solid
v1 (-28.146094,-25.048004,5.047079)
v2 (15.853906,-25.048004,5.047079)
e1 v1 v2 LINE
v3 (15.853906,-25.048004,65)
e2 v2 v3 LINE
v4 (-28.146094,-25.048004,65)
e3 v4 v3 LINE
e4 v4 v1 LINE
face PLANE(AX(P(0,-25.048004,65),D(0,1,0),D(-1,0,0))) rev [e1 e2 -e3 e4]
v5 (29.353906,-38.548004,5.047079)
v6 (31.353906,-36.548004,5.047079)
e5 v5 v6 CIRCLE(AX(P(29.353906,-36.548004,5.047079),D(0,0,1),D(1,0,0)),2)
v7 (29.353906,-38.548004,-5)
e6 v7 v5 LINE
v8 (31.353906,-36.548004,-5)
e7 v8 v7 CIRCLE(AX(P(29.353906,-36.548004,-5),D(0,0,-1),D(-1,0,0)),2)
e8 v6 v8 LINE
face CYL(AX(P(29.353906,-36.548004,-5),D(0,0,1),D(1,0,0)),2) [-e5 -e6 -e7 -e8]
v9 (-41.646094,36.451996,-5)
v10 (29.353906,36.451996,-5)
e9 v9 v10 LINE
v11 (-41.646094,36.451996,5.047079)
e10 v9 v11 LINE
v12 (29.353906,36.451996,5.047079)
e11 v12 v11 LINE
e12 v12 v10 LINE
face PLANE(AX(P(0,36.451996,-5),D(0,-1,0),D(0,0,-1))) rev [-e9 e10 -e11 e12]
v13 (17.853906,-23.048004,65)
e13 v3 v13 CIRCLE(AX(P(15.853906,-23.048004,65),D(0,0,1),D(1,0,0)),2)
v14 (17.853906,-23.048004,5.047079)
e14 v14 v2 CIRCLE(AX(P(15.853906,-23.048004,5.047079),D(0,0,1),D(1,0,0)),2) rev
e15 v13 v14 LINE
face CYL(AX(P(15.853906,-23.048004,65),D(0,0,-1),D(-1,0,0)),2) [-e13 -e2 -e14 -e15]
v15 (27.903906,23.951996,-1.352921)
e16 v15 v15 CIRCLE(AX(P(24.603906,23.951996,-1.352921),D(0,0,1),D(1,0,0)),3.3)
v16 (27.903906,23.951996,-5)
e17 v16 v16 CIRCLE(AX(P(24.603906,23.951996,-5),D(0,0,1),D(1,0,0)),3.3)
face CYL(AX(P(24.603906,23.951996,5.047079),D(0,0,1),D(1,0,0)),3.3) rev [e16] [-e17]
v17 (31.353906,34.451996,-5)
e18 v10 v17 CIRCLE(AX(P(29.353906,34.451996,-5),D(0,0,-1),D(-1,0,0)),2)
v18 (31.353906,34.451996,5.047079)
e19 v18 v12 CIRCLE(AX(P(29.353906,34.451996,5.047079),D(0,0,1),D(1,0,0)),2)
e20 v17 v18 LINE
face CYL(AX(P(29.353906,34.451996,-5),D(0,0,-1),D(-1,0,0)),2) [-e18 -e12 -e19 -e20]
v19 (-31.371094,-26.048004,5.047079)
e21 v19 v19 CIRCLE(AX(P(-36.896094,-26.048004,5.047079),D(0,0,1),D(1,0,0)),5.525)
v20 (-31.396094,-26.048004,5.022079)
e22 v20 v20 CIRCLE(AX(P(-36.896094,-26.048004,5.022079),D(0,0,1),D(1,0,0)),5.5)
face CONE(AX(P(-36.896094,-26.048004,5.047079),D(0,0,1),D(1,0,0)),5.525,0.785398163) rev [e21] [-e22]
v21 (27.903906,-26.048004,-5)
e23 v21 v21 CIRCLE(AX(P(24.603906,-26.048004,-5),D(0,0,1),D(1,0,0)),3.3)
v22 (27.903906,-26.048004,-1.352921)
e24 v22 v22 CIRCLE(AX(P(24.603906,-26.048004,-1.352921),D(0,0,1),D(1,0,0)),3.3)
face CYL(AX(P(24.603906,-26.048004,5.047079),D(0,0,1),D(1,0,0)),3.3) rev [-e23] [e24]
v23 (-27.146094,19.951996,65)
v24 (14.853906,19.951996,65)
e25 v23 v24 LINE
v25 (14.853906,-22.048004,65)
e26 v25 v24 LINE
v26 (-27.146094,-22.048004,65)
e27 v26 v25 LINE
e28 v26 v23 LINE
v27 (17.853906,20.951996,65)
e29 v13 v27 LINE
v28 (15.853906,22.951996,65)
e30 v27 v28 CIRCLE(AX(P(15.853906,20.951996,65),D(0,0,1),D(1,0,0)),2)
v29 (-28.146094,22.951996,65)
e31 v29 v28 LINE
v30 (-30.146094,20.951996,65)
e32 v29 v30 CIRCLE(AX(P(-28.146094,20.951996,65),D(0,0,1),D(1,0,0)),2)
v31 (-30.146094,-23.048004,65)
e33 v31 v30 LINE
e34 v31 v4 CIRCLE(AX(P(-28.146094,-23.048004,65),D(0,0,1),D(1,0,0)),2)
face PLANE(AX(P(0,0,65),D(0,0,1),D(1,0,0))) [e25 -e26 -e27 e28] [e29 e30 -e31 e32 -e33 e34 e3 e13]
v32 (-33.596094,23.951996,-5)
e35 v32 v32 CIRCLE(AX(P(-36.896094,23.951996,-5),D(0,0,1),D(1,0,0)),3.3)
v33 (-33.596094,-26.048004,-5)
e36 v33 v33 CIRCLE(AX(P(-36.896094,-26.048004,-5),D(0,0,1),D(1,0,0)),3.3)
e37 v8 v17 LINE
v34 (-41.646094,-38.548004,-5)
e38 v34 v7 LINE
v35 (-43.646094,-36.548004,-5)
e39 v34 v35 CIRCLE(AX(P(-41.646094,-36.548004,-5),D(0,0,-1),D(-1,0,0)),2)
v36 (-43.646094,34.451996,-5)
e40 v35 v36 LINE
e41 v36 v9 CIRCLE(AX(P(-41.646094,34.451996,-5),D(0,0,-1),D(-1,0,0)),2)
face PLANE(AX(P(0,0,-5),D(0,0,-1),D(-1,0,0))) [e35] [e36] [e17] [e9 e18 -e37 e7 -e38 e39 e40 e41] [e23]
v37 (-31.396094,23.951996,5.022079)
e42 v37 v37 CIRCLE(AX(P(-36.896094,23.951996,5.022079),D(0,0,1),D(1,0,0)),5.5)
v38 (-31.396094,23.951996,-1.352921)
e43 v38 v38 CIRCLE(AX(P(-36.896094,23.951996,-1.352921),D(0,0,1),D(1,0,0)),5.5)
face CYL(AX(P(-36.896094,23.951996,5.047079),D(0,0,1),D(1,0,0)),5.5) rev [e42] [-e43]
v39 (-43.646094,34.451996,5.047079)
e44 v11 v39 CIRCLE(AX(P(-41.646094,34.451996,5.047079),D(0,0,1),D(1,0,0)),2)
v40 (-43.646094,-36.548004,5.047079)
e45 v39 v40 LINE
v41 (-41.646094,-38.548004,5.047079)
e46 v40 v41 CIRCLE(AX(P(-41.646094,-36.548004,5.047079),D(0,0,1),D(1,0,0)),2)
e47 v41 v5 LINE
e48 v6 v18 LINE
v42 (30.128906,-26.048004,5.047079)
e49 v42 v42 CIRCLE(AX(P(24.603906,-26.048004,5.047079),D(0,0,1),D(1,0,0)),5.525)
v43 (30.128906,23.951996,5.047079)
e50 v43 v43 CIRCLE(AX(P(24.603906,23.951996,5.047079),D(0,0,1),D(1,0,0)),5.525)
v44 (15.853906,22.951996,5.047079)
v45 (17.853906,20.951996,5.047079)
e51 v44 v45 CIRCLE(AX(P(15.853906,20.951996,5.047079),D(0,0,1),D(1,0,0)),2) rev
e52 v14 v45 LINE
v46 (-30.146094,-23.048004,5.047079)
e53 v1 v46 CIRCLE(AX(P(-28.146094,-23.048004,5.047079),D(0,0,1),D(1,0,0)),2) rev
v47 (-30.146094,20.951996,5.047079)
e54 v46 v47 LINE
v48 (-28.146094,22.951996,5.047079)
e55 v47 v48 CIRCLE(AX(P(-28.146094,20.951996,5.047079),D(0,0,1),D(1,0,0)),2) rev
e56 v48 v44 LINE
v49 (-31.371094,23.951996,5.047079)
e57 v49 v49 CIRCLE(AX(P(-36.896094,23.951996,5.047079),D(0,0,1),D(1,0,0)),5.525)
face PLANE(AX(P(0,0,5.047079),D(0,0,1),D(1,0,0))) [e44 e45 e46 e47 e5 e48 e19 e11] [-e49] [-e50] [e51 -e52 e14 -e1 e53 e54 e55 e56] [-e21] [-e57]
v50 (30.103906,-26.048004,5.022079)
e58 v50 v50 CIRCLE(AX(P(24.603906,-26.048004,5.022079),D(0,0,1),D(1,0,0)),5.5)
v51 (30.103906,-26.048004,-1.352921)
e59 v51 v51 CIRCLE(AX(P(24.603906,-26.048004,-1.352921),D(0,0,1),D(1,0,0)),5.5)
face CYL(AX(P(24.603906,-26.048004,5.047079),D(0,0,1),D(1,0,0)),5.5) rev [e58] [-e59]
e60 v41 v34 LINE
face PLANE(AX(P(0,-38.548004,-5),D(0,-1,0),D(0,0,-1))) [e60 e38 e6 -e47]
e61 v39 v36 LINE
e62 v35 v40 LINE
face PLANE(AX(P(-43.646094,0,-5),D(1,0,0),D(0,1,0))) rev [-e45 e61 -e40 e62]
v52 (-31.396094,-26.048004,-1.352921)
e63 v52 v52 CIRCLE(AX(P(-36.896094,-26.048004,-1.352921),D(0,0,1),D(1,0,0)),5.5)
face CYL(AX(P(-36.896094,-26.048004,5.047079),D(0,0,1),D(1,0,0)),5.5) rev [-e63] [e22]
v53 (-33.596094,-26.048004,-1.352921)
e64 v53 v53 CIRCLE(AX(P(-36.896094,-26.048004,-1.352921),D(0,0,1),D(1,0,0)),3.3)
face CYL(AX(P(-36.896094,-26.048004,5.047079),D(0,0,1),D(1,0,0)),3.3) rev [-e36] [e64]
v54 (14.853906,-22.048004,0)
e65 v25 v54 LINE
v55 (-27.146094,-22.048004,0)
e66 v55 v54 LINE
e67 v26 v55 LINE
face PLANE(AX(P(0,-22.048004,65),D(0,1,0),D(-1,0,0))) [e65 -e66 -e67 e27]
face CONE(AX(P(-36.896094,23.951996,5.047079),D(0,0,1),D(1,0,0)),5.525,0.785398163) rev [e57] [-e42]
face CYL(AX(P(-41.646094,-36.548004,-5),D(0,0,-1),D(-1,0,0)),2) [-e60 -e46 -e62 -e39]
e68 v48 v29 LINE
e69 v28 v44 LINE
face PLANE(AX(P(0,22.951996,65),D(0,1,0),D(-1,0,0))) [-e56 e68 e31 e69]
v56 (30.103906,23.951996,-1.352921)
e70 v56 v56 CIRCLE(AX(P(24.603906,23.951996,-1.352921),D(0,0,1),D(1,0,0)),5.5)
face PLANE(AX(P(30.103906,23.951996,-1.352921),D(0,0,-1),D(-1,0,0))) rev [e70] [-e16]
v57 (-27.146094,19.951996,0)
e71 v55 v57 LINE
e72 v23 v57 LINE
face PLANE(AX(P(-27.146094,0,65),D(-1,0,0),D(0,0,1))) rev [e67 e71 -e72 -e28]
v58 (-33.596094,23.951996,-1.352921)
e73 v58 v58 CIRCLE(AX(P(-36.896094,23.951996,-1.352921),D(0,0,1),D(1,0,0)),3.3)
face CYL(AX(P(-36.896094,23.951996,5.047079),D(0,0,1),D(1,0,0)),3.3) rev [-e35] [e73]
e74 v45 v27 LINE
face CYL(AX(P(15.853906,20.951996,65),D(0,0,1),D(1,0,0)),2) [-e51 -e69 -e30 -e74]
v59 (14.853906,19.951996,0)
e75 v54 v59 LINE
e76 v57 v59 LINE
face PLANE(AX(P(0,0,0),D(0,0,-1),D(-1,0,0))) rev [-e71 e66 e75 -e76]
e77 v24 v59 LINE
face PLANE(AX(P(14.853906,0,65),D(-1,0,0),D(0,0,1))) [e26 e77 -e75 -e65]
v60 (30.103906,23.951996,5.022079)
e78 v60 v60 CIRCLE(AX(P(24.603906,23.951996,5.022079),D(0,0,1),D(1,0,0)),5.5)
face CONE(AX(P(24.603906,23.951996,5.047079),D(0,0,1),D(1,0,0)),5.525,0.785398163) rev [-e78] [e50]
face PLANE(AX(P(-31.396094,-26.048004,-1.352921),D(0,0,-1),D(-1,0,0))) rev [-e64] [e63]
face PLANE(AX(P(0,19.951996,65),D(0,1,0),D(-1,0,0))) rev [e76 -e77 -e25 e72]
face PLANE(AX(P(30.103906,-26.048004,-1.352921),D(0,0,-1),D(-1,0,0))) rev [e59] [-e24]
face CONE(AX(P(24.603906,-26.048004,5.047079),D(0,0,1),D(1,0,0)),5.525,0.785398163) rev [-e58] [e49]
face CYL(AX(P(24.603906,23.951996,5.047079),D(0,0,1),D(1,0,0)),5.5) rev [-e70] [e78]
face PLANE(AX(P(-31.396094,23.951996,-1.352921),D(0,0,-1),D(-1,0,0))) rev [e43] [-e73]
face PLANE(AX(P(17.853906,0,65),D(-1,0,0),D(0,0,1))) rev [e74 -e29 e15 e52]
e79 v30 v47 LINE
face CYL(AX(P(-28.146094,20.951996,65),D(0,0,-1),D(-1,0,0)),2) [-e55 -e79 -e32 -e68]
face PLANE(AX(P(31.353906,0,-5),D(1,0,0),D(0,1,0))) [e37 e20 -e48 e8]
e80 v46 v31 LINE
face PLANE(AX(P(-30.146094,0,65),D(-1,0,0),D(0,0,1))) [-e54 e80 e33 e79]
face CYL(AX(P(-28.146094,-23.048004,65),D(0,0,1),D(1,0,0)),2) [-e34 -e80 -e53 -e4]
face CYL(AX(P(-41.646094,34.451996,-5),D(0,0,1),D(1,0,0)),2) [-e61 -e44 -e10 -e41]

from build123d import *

# Parameters (mm, degrees)
SKETCH1_W                                    = 48
SKETCH1_H                                    = 48
SKETCH1_W_2                                  = 42
SKETCH1_H_2                                  = 42
BOSS_EXTRUDE1_DEPTH                          = 65
SKETCH3_W                                    = 75
SKETCH3_H                                    = 75
BOSS_EXTRUDE2_DEPTH                          = 5
SKETCH8_W                                    = 75
SKETCH8_H                                    = 75
SKETCH8_W_2                                  = 42
SKETCH8_H_2                                  = 42
BOSS_EXTRUDE3_DEPTH                          = 5.047079132
FILLET1_R                                    = 2
CBORE_FOR_M6_HEX_SOCKET_HEAD_CAP_SCR_2_COUNT = 2
CBORE_FOR_M6_HEX_SOCKET_HEAD_CAP_SCR_2_PITCH = 50
CBORE_FOR_M6_HEX_SOCKET_HEAD_CAP_SCR_3_COUNT = 2
CBORE_FOR_M6_HEX_SOCKET_HEAD_CAP_SCR_3_PITCH = 61.5
CBORE_FOR_M6_HEX_SOCKET_HEAD_CAP_SCR_4_COUNT = 2
CBORE_FOR_M6_HEX_SOCKET_HEAD_CAP_SCR_4_PITCH = 79.260645973


with BuildPart() as part:
    # Sketch1 → Boss-Extrude1 (new body)
    with BuildSketch(Plane(origin=(0, 0, 0), x_dir=(0, 1, 0), z_dir=(0, 0, 1))):
        with Locations((-1.048003873, 6.146094376)):
            Rectangle(SKETCH1_W, SKETCH1_H)
        with Locations((-1.048003873, 6.146094376)):
            Rectangle(SKETCH1_W_2, SKETCH1_H_2, mode=Mode.SUBTRACT)
    extrude(amount=BOSS_EXTRUDE1_DEPTH)

    # Sketch3 → Boss-Extrude2 (add)
    with BuildSketch(Plane(origin=(0, 0, 0), x_dir=(1, 0, 0), z_dir=(0, 0, -1))):
        with Locations((-6.146094376, 1.048003873)):
            Rectangle(SKETCH3_W, SKETCH3_H)
    extrude(amount=BOSS_EXTRUDE2_DEPTH)

    # Sketch8 → Boss-Extrude3 (add)
    with BuildSketch(Plane.XY):
        with Locations((-6.146094376, -1.048003873)):
            Rectangle(SKETCH8_W, SKETCH8_H)
        with Locations((-6.146094376, -1.048003873)):
            Rectangle(SKETCH8_W_2, SKETCH8_H_2, mode=Mode.SUBTRACT)
    extrude(amount=BOSS_EXTRUDE3_DEPTH)

    # Fillet1
    fillet1_edges = [part.edges().sort_by_distance(p)[0] for p in [
        (17.853905624, 22.951996127, 35.023539566),
        (17.853905624, -25.048003873, 35.023539566),
        (-30.146094376, -25.048003873, 35.023539566),
        (-30.146094376, 22.951996127, 35.023539566),
        (-43.646094376, -38.548003873, 0.023539566),
        (31.353905624, -38.548003873, 0.023539566),
        (31.353905624, 36.451996127, 0.023539566),
        (-43.646094376, 36.451996127, 0.023539566),
    ]]
    fillet(fillet1_edges, radius=FILLET1_R)

    # Sketch15 → CBORE for M6 Hex Socket Head Cap Screw2 (revolve, cut)
    with BuildSketch(Plane(origin=(-36.896094376, 23.951996127, 5.047079132), x_dir=(0, -1, 0), z_dir=(1, 0, 0))):
        Polygon((0, 0), (0, 10.047079132), (3.3, 10.047079132), (3.3, 6.4), (5.5, 6.4), (5.5, 0.025), (5.525, 0), align=None)
    cbore_for_m6_hex_socket_head_cap_screw2 = revolve(axis=Axis((-36.896094376, 23.951996127, 11.397079132), (0, 0, -1)), mode=Mode.SUBTRACT)

    # CBORE for M6 Hex Socket Head Cap Scr 2: CBORE for M6 Hex Socket Head Cap Screw2 ×2
    with Locations(*[(0, -i * CBORE_FOR_M6_HEX_SOCKET_HEAD_CAP_SCR_2_PITCH, 0) for i in range(1, CBORE_FOR_M6_HEX_SOCKET_HEAD_CAP_SCR_2_COUNT)]):
        add(cbore_for_m6_hex_socket_head_cap_screw2, mode=Mode.SUBTRACT)

    # CBORE for M6 Hex Socket Head Cap Scr 3: CBORE for M6 Hex Socket Head Cap Screw2 ×2
    with Locations(*[(i * CBORE_FOR_M6_HEX_SOCKET_HEAD_CAP_SCR_3_PITCH, 0, 0) for i in range(1, CBORE_FOR_M6_HEX_SOCKET_HEAD_CAP_SCR_3_COUNT)]):
        add(cbore_for_m6_hex_socket_head_cap_screw2, mode=Mode.SUBTRACT)

    # CBORE for M6 Hex Socket Head Cap Scr 4: CBORE for M6 Hex Socket Head Cap Screw2 ×2
    with Locations(*[Vector(0.7759210039901774, -0.63083008454486, 0) * (i * CBORE_FOR_M6_HEX_SOCKET_HEAD_CAP_SCR_4_PITCH) for i in range(1, CBORE_FOR_M6_HEX_SOCKET_HEAD_CAP_SCR_4_COUNT)]):
        add(cbore_for_m6_hex_socket_head_cap_screw2, mode=Mode.SUBTRACT)


solid = part.part
